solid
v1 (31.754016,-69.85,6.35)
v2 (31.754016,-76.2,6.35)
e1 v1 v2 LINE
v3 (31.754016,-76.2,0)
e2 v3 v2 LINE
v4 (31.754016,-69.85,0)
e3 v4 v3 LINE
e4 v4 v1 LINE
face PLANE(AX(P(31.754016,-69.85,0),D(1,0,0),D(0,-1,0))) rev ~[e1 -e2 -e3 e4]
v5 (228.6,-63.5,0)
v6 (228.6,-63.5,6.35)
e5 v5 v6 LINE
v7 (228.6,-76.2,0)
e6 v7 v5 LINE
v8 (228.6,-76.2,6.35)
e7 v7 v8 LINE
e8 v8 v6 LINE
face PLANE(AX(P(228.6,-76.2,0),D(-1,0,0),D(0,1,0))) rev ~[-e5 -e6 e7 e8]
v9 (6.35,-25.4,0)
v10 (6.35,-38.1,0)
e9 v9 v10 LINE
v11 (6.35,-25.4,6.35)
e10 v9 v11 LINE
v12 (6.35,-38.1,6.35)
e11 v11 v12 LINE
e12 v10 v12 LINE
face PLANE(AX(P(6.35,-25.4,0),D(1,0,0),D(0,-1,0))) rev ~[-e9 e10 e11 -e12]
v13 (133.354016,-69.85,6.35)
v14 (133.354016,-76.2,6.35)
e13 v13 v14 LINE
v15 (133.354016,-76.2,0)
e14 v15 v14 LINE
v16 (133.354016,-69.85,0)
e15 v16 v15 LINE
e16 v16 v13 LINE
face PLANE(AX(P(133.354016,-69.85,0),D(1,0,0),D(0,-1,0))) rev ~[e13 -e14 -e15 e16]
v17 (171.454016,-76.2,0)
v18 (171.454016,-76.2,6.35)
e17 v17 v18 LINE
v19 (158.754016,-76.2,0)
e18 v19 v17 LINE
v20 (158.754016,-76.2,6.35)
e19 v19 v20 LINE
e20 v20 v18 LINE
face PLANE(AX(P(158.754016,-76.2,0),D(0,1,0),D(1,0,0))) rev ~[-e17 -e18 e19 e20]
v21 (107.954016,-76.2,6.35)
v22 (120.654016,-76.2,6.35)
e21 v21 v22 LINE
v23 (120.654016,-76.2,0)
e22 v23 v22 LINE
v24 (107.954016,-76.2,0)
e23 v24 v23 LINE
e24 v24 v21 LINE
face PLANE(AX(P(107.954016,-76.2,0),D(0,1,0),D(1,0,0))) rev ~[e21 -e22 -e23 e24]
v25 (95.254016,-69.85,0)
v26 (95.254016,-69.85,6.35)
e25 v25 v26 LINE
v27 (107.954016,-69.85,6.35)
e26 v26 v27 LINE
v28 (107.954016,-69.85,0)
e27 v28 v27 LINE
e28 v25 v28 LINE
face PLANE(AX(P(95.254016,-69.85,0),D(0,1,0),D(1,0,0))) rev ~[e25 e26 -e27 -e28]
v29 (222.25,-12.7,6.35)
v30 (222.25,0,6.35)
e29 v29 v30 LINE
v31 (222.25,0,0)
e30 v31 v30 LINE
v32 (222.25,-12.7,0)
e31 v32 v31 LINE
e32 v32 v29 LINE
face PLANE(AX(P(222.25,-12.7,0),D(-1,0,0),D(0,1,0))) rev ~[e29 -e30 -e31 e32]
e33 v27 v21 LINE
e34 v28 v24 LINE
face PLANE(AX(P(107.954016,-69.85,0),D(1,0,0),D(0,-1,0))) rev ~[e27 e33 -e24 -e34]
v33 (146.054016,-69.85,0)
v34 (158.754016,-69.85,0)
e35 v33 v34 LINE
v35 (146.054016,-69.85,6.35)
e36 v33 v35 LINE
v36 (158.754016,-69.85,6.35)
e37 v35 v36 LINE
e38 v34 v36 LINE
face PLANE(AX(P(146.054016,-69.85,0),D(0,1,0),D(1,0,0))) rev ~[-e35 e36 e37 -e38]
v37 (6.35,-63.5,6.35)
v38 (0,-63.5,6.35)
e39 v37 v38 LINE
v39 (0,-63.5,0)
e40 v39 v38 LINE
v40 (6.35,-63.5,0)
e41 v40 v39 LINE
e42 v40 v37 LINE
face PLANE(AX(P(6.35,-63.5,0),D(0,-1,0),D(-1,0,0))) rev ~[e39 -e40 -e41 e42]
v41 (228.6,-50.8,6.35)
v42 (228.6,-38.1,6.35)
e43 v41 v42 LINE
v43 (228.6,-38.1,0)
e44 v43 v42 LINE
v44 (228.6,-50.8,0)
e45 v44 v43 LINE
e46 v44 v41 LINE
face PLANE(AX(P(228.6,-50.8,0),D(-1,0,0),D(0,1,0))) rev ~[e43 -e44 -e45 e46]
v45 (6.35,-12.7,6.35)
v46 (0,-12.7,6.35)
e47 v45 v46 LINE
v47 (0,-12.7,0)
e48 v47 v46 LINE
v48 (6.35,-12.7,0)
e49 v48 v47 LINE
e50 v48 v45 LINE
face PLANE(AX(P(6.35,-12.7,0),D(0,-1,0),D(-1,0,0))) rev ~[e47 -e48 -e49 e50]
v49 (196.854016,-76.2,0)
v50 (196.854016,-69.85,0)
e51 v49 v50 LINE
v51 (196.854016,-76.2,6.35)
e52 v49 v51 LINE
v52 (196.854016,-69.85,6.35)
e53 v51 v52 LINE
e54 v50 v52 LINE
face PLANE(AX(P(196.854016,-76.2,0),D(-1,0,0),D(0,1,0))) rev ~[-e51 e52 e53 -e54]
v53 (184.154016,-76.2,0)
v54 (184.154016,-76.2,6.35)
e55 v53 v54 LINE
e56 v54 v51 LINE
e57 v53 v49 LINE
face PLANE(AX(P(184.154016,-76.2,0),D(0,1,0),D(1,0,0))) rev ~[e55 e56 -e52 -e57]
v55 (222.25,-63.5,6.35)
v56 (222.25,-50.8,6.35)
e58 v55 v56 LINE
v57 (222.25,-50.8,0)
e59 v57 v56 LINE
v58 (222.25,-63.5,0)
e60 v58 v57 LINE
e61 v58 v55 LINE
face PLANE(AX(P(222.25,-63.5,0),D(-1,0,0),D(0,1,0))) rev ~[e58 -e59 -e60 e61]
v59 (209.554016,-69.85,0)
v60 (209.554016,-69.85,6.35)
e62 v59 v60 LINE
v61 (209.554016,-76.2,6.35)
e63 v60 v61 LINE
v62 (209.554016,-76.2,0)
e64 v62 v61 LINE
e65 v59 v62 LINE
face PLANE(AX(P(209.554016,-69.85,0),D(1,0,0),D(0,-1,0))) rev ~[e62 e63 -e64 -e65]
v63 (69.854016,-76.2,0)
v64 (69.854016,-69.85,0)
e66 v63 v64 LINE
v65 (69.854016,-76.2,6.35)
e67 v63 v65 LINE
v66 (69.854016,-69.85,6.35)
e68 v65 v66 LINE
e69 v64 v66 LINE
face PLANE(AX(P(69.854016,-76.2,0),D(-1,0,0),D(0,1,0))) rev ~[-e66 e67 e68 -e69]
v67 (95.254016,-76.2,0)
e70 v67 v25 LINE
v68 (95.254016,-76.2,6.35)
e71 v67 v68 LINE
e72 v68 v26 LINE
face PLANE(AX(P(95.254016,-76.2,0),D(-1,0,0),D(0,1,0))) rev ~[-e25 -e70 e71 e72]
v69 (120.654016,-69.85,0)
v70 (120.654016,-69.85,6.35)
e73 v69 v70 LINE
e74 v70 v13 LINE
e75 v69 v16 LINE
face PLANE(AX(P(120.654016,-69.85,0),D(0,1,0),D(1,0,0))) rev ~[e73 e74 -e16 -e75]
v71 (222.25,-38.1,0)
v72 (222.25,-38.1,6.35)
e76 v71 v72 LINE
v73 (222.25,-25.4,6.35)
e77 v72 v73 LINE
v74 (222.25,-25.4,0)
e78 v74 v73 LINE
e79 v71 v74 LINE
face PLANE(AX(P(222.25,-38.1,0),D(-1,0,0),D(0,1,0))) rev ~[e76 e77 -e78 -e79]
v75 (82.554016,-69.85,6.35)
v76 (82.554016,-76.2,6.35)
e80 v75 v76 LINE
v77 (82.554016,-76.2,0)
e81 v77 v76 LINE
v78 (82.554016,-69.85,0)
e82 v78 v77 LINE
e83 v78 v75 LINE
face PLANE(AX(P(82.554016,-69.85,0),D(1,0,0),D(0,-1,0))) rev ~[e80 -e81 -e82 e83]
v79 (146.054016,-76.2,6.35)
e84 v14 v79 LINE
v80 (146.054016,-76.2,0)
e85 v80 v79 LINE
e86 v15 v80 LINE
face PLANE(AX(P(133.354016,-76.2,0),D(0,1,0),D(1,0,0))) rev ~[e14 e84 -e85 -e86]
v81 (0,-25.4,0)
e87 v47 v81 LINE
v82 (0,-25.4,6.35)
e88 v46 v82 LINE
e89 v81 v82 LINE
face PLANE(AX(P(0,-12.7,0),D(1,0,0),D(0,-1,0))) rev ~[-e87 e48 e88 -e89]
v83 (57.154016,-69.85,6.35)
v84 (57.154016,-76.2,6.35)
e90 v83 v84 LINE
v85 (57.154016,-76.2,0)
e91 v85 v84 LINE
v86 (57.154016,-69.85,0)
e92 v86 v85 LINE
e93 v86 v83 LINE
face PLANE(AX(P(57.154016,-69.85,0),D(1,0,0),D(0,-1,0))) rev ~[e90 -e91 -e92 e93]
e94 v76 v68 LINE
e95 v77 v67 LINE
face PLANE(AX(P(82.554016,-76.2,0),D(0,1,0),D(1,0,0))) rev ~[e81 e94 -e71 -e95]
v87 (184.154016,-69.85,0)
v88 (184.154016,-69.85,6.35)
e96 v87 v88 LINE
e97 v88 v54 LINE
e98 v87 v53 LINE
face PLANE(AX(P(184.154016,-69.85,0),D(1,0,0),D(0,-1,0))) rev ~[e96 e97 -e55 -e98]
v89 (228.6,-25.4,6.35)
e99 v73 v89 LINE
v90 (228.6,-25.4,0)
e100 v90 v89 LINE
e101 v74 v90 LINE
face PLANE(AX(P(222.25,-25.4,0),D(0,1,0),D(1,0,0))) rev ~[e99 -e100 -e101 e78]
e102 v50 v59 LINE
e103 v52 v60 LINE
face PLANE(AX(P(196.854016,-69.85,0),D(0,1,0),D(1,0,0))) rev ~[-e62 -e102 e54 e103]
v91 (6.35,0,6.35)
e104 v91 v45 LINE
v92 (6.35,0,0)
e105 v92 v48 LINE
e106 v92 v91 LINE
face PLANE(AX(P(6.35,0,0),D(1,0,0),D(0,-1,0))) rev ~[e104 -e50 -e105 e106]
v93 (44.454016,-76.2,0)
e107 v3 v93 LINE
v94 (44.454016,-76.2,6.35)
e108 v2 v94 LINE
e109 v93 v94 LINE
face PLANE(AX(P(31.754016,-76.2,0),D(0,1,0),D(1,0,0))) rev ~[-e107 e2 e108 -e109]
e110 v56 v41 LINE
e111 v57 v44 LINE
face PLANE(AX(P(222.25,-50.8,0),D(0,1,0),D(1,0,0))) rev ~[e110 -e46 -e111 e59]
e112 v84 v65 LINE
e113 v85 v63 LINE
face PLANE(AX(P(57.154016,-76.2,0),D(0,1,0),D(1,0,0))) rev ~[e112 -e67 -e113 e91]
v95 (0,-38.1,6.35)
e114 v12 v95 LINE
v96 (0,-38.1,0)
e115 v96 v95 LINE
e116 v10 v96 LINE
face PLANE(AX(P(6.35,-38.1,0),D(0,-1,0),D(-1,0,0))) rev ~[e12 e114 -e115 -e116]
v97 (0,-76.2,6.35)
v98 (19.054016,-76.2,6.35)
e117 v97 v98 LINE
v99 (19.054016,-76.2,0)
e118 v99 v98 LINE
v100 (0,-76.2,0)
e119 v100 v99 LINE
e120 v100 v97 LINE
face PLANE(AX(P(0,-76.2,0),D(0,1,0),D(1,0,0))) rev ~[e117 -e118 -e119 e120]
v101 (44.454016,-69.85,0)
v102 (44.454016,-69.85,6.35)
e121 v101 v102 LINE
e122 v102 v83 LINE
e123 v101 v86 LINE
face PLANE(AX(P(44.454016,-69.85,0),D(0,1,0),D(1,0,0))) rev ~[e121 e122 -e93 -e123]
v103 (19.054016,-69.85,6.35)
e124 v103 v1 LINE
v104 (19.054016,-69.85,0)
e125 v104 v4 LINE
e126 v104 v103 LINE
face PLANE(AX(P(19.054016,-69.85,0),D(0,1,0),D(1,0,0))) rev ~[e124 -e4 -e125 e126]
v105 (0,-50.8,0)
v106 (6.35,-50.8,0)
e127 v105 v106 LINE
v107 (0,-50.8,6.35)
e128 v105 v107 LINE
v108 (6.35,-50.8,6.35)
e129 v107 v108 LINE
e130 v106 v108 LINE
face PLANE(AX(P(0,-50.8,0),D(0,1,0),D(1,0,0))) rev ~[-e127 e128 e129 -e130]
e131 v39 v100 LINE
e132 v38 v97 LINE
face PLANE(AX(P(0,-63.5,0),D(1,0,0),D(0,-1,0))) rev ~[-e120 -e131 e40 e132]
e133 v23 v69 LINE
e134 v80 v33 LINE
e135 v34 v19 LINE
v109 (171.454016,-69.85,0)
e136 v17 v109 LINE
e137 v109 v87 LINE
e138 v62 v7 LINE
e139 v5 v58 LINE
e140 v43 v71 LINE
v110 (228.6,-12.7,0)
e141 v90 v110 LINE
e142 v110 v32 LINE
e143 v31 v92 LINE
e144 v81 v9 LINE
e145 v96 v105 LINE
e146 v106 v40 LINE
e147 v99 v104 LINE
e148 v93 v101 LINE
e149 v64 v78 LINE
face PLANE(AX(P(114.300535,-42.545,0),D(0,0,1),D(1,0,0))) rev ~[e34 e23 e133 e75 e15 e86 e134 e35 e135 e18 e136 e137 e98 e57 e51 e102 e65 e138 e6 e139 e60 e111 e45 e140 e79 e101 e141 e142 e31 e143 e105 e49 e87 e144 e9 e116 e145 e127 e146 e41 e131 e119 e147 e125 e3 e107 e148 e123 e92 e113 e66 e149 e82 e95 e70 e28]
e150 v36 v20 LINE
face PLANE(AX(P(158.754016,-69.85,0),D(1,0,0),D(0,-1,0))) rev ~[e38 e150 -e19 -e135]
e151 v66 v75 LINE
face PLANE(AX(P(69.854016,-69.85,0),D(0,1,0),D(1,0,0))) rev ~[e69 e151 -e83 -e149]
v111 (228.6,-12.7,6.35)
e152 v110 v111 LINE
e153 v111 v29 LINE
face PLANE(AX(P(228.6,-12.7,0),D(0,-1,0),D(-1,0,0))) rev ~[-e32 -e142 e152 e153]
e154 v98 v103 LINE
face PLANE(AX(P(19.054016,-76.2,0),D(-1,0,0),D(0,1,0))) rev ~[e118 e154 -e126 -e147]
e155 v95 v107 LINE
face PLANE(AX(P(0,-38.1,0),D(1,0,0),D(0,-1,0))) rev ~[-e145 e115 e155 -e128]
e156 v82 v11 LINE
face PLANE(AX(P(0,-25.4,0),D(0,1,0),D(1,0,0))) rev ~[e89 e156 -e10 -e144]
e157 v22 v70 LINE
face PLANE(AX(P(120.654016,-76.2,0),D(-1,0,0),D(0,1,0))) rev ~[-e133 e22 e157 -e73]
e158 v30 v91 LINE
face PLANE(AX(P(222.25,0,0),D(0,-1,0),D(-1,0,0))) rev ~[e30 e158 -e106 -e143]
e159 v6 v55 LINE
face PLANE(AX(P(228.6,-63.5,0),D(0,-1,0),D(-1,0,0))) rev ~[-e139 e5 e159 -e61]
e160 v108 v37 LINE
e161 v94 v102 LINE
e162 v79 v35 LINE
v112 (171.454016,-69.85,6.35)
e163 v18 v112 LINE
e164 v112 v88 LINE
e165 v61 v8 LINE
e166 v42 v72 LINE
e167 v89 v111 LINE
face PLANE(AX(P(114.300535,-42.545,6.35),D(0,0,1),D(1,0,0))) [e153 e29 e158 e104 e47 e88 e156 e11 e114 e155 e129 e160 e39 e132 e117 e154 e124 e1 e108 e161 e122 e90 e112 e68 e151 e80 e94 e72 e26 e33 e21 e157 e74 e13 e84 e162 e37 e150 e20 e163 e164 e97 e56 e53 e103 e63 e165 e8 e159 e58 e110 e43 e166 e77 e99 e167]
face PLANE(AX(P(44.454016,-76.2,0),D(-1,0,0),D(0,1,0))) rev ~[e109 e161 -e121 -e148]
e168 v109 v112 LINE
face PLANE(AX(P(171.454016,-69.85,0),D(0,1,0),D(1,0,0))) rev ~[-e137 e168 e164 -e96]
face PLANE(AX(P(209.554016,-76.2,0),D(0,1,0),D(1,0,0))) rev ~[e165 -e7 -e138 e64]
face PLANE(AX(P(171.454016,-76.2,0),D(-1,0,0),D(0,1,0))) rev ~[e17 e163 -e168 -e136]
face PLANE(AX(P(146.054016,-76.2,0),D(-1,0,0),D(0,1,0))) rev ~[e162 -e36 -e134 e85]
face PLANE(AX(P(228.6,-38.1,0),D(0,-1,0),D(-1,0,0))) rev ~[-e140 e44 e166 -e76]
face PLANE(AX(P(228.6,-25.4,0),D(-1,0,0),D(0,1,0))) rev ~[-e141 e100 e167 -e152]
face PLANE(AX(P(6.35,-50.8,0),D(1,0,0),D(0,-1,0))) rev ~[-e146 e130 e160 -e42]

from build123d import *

# Parameters (mm, degrees)
F1_DEPTH = 6.35


with BuildPart() as f1:
    # F0 (on Top) → F1 (new body)
    with BuildSketch(Plane.XY):
        Polygon((222.25, 0), (6.35, 0), (6.35, -12.7), (0, -12.7), (0, -25.4), (6.35, -25.4), (6.35, -38.1), (0, -38.1), (0, -50.8), (6.35, -50.8), (6.35, -63.5), (0, -63.5), (0, -76.2), (19.054016, -76.2), (19.054016, -69.85), (31.754016, -69.85), (31.754016, -76.2), (44.454016, -76.2), (44.454016, -69.85), (57.154016, -69.85), (57.154016, -76.2), (69.854016, -76.2), (69.854016, -69.85), (82.554016, -69.85), (82.554016, -76.2), (95.254016, -76.2), (95.254016, -69.85), (107.954016, -69.85), (107.954016, -76.2), (120.654016, -76.2), (120.654016, -69.85), (133.354016, -69.85), (133.354016, -76.2), (146.054016, -76.2), (146.054016, -69.85), (158.754016, -69.85), (158.754016, -76.2), (171.454016, -76.2), (171.454016, -69.85), (184.154016, -69.85), (184.154016, -76.2), (196.854016, -76.2), (196.854016, -69.85), (209.554016, -69.85), (209.554016, -76.2), (228.6, -76.2), (228.6, -63.5), (222.25, -63.5), (222.25, -50.8), (228.6, -50.8), (228.6, -38.1), (222.25, -38.1), (222.25, -25.4), (228.6, -25.4), (228.6, -12.7), (222.25, -12.7), align=None)
    extrude(amount=F1_DEPTH)


solid = f1.part
